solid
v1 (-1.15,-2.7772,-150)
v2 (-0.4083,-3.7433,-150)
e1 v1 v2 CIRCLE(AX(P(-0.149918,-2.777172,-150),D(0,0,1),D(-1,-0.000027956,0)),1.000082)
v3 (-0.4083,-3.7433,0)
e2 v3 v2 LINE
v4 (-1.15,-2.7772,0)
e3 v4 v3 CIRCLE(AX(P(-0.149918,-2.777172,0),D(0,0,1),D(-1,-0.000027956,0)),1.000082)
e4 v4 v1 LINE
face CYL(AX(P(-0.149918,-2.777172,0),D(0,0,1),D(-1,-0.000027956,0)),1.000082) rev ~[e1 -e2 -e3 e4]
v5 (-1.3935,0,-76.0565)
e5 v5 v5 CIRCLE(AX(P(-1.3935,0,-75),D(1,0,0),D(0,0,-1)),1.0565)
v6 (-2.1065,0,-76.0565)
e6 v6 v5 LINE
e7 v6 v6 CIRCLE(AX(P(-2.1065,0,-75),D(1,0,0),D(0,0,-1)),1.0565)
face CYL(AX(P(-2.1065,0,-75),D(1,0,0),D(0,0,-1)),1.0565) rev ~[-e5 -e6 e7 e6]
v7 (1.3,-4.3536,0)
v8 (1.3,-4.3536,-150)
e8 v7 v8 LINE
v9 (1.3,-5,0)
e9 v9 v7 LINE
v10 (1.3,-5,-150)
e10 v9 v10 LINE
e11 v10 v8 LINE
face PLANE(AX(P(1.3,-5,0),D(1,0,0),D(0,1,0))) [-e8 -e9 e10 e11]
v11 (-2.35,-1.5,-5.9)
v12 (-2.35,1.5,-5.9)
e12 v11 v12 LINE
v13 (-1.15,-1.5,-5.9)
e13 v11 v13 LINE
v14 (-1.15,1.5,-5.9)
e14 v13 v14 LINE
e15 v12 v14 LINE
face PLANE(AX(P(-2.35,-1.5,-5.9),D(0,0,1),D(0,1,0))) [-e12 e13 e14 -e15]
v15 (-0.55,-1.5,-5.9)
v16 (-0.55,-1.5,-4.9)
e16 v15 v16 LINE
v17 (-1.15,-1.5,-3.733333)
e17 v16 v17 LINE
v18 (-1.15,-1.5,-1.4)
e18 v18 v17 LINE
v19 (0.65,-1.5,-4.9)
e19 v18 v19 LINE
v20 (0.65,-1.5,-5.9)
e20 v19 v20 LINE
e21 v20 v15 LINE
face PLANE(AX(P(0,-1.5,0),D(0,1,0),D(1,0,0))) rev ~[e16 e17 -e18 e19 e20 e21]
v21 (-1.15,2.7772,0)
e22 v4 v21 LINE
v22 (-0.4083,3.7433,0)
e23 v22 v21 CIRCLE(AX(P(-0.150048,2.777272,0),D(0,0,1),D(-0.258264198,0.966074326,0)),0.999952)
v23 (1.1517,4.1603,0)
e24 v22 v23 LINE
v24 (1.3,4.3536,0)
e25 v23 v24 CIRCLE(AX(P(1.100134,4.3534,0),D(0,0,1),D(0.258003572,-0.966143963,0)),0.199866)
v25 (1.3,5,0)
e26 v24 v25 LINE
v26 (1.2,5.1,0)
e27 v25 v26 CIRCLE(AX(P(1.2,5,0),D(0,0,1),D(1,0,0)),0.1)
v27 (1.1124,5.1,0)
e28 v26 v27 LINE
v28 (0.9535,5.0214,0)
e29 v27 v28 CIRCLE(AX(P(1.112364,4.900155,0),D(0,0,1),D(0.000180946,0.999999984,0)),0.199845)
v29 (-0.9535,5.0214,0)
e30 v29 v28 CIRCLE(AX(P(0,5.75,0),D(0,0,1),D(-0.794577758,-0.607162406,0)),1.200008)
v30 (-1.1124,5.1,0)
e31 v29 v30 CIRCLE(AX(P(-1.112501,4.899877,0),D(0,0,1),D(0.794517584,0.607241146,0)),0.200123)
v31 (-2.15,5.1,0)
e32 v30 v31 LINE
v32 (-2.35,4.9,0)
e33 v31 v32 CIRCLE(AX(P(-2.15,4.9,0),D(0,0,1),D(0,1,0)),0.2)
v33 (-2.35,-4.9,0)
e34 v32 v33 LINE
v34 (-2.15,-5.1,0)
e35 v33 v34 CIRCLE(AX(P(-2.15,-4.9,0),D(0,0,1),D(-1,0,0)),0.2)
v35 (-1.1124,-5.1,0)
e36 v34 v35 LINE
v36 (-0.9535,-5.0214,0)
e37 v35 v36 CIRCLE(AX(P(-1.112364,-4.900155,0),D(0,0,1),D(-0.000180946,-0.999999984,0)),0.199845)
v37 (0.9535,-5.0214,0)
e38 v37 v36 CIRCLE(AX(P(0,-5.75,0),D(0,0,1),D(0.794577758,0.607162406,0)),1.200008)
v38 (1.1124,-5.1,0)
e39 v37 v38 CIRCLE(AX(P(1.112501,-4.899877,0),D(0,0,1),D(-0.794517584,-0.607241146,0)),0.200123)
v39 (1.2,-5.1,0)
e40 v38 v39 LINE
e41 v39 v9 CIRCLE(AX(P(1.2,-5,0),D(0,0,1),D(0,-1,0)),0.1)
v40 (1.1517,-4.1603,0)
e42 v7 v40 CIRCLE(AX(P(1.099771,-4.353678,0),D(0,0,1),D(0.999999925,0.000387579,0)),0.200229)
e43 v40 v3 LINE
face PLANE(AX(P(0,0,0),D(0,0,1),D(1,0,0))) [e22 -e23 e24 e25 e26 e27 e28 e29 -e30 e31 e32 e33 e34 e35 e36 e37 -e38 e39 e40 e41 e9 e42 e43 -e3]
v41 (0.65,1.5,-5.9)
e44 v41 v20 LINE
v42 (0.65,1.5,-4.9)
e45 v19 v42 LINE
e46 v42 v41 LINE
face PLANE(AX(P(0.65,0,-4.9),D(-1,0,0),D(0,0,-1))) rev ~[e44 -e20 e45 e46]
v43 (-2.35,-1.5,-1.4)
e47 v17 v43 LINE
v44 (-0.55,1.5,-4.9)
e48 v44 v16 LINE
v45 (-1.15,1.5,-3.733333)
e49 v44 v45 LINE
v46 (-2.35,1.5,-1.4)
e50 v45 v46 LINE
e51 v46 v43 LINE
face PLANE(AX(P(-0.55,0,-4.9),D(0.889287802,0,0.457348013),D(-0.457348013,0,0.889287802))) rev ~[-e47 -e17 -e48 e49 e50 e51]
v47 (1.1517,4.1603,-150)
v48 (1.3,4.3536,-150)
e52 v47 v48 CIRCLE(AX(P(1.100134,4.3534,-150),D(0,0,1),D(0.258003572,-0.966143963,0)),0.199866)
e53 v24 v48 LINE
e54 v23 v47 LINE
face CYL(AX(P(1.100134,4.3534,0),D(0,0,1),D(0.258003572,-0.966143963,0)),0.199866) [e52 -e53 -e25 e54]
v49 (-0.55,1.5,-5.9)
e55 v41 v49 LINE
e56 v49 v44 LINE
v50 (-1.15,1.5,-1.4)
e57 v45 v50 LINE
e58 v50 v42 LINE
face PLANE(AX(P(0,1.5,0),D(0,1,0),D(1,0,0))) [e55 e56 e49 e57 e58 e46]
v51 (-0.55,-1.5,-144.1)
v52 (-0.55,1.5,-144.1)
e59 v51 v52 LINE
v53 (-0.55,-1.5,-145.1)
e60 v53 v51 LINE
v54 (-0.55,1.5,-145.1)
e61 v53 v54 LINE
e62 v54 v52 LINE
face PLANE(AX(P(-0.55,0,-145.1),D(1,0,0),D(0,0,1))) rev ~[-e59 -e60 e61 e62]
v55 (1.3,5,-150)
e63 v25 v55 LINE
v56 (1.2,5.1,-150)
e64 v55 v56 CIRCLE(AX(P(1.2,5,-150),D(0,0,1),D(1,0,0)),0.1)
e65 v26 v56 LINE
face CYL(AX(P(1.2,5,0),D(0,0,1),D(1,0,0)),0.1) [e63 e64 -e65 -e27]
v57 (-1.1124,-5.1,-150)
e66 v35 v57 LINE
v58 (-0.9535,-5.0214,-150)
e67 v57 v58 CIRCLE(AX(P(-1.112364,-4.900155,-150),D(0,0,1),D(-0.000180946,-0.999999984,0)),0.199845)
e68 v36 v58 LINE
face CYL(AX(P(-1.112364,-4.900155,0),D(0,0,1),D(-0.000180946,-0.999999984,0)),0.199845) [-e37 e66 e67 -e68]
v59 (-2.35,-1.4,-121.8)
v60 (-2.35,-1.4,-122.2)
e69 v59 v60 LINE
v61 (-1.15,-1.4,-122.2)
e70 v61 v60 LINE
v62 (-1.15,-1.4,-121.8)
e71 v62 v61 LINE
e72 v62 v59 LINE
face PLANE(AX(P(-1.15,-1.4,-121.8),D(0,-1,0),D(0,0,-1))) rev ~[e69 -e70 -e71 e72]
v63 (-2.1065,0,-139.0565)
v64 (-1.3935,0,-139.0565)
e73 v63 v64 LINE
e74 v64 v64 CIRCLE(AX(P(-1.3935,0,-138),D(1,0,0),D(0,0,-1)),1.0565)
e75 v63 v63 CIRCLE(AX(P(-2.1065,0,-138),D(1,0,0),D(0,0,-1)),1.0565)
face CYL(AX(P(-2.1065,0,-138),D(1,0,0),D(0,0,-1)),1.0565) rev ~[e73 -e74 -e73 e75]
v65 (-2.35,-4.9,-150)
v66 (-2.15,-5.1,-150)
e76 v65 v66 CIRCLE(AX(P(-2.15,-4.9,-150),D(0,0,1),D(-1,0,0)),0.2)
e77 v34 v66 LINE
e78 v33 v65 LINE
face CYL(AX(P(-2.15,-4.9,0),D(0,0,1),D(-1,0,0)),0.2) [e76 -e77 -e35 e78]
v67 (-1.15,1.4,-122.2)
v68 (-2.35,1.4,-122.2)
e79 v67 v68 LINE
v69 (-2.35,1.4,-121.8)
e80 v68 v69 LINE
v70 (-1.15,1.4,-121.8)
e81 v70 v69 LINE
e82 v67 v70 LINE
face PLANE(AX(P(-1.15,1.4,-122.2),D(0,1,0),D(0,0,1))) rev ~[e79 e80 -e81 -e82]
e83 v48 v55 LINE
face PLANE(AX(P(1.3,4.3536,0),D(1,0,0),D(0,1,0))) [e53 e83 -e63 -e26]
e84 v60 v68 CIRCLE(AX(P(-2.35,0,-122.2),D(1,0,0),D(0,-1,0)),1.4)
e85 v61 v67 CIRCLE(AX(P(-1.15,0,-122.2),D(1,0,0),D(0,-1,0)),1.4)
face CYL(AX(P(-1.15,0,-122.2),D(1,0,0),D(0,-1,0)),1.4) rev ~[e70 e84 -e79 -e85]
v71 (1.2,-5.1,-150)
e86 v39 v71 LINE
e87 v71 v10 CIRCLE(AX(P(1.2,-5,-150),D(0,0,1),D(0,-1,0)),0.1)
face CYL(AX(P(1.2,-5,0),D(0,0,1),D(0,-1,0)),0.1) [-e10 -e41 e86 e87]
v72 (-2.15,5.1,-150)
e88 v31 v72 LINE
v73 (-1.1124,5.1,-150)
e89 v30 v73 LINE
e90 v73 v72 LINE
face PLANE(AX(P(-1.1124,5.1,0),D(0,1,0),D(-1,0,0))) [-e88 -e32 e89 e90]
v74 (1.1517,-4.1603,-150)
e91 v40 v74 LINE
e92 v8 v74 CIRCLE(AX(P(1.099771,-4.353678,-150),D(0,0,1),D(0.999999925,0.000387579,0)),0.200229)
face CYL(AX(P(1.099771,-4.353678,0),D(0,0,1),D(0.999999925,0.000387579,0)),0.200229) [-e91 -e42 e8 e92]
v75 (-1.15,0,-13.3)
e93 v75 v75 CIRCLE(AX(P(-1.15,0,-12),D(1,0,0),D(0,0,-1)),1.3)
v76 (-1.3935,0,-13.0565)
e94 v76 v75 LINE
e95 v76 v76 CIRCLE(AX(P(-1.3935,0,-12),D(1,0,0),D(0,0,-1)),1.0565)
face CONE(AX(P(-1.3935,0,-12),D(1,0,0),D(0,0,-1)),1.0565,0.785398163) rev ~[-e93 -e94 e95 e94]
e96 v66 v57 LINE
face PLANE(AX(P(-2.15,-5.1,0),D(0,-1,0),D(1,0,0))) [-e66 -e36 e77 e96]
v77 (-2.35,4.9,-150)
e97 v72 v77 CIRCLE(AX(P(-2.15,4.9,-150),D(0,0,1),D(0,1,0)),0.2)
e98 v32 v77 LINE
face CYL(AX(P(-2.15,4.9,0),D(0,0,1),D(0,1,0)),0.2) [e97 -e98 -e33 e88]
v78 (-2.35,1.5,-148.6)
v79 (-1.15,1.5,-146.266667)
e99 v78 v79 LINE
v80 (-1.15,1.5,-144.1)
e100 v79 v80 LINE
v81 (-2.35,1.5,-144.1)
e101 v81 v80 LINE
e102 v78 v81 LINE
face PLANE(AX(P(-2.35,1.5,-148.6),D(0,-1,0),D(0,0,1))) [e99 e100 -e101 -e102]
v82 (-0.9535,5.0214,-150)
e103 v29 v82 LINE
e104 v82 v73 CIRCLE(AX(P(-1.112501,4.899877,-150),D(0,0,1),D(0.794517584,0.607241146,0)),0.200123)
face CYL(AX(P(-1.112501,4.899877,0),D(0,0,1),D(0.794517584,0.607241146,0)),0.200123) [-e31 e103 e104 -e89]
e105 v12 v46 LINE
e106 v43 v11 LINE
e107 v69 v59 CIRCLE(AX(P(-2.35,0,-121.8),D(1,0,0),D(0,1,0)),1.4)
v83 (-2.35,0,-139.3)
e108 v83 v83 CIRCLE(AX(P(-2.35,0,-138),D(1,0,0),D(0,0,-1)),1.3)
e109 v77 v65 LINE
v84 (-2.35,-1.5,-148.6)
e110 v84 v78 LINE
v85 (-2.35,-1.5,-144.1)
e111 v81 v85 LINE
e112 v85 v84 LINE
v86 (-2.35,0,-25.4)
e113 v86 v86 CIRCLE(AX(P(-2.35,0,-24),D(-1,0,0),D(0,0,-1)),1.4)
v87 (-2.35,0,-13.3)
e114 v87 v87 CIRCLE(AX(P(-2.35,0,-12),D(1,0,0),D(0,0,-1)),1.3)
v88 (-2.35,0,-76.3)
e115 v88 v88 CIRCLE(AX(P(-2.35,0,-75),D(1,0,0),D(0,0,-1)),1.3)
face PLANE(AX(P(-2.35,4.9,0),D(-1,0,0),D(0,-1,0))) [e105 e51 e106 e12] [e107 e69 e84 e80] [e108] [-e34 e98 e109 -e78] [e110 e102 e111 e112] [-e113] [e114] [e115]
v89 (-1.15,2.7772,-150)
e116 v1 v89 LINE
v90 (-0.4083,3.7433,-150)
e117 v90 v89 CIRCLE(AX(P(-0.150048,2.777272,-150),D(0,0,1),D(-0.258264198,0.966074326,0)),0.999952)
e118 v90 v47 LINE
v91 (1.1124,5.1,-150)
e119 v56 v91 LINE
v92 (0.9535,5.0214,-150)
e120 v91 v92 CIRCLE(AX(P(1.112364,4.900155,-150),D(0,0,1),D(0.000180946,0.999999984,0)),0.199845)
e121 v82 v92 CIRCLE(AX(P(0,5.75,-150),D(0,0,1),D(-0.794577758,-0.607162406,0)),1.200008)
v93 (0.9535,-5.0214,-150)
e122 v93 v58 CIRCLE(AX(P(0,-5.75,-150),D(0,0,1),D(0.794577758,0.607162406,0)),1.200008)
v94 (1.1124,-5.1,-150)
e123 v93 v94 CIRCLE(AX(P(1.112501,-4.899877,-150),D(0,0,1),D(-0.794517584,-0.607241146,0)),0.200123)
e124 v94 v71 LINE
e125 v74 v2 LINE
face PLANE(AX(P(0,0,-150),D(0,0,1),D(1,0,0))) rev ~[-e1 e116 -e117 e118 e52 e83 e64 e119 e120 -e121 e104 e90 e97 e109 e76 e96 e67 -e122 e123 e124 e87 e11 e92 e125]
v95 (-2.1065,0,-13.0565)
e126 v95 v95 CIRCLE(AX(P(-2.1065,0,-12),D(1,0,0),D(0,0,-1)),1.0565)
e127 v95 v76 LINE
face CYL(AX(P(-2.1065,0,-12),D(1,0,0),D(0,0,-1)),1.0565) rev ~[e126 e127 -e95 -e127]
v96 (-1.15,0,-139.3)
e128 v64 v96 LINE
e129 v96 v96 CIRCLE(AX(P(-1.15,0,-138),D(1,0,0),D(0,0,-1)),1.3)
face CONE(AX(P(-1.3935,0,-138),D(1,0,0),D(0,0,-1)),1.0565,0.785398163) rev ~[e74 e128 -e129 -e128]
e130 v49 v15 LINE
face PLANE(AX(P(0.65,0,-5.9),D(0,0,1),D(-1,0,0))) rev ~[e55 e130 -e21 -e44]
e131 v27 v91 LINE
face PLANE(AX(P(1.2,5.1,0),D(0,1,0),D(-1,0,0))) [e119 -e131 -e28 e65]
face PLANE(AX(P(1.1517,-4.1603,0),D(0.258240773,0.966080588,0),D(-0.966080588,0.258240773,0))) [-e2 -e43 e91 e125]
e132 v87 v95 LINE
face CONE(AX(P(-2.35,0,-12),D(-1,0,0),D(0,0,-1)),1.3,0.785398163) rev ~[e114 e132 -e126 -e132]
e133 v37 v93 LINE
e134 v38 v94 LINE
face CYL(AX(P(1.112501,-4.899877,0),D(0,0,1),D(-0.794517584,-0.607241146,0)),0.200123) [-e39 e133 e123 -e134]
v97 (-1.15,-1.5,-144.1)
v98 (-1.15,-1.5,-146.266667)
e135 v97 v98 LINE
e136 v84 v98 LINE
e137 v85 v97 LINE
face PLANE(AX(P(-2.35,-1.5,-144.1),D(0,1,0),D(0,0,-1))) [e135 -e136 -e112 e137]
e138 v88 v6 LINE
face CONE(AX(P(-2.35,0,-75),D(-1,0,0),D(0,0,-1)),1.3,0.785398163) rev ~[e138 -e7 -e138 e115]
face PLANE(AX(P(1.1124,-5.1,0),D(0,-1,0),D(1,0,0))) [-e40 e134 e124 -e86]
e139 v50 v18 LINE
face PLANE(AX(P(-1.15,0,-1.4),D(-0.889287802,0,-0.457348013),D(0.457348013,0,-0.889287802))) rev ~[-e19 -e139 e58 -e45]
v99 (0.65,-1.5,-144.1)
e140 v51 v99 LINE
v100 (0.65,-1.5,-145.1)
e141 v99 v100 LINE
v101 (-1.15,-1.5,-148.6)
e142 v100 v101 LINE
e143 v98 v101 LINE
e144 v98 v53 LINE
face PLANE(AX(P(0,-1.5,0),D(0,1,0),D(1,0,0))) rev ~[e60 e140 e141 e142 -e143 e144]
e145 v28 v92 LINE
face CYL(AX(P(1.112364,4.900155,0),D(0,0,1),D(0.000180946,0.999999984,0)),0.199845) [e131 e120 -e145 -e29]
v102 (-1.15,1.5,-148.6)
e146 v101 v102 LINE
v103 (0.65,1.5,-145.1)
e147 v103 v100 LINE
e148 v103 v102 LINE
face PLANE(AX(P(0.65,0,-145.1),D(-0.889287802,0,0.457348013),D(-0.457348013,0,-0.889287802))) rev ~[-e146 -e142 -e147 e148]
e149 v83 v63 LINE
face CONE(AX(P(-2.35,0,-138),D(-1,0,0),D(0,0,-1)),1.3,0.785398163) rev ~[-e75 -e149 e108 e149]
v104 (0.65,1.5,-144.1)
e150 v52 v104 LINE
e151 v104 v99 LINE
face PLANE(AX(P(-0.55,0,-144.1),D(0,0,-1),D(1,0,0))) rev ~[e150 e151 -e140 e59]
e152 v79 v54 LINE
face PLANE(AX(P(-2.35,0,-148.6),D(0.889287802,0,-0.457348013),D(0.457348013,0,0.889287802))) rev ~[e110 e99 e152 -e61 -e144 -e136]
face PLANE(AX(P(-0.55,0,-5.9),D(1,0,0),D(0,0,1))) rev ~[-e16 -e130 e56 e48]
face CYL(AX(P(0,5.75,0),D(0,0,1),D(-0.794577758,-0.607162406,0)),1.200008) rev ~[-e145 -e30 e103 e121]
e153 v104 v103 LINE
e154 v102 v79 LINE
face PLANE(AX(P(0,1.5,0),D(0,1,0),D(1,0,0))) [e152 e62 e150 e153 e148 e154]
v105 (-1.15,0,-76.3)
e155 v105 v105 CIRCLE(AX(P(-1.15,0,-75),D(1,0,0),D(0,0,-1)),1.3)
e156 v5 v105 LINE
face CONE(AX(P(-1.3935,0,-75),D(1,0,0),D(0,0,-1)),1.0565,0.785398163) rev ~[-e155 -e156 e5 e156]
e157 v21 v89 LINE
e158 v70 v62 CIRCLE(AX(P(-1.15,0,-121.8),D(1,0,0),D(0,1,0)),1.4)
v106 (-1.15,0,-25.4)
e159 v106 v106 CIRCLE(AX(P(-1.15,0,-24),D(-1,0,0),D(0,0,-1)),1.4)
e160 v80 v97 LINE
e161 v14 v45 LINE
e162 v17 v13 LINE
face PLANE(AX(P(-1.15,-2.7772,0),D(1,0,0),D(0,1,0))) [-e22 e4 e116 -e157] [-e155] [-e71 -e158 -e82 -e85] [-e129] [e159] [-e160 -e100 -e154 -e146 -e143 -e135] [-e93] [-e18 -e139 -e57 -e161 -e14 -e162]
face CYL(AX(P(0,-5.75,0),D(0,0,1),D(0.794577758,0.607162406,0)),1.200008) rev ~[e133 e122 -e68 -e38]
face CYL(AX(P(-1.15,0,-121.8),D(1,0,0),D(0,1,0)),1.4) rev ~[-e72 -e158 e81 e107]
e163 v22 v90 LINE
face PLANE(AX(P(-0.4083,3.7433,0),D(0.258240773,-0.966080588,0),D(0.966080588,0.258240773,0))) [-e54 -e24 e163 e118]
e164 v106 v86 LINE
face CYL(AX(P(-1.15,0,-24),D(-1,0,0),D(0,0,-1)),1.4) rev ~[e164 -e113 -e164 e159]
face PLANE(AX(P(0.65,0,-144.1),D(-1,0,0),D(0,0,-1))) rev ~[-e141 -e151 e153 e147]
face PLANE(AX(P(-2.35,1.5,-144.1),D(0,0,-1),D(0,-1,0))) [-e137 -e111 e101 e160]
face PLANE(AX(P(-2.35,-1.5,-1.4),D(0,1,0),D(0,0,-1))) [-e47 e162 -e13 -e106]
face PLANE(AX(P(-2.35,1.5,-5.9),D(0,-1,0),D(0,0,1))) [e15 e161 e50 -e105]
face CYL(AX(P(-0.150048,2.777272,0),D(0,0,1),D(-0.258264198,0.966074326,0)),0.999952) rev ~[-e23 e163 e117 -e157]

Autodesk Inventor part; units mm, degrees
sketch "_____1" plane through (0, 0, 0) normal (0, 0, 1) x (1, 0, 0)
  line L0 (-2.35, 4.9) -> (-2.35, -4.9)
  arc A0 (-2.35, -4.9) -> (-2.15, -5.1) centre (-2.15, -4.9) ccw
  line L1 (-2.15, -5.1) -> (-1.1124, -5.1)
  arc A1 (-1.1124, -5.1) -> (-0.9535, -5.0214) centre (-1.1124, -4.9) ccw
  arc A2 (0.9535, -5.0214) -> (-0.9535, -5.0214) centre (0, -5.75) ccw
  arc A3 (0.9535, -5.0214) -> (1.1124, -5.1) centre (1.1124, -4.9) ccw
  line L2 (1.1124, -5.1) -> (1.2, -5.1)
  arc A4 (1.2, -5.1) -> (1.3, -5) centre (1.2, -5) ccw
  line L3 (1.3, -5) -> (1.3, -4.3536)
  arc A5 (1.3, -4.3536) -> (1.1517, -4.1603) centre (1.1, -4.3536) ccw
  line L4 (1.1517, -4.1603) -> (-0.4083, -3.7433)
  arc A6 (-1.15, -2.7772) -> (-0.4083, -3.7433) centre (-0.15, -2.7772) ccw
  line L5 (-1.15, -2.7772) -> (-1.15, 2.7772)
  arc A7 (-0.4083, 3.7433) -> (-1.15, 2.7772) centre (-0.15, 2.7772) ccw
  line L6 (-0.4083, 3.7433) -> (1.1517, 4.1603)
  arc A8 (1.1517, 4.1603) -> (1.3, 4.3536) centre (1.1, 4.3536) ccw
  line L7 (1.3, 4.3536) -> (1.3, 5)
  arc A9 (1.3, 5) -> (1.2, 5.1) centre (1.2, 5) ccw
  line L8 (1.2, 5.1) -> (1.1124, 5.1)
  arc A10 (1.1124, 5.1) -> (0.9535, 5.0214) centre (1.1124, 4.9) ccw
  arc A11 (-0.9535, 5.0214) -> (0.9535, 5.0214) centre (0, 5.75) ccw
  arc A12 (-0.9535, 5.0214) -> (-1.1124, 5.1) centre (-1.1124, 4.9) ccw
  line L9 (-1.1124, 5.1) -> (-2.15, 5.1)
  arc A13 (-2.15, 5.1) -> (-2.35, 4.9) centre (-2.15, 4.9) ccw
extrude "Extrusion1" add sketch "_____1" against normal blind 150
sketch "_____2" plane through (-2.35, 0, 0) normal (1, 0, 0) x (0, 0, -1)
  line L0 (1.4, 1.5) -> (1.4, -1.5)
  line L1 (1.4, -1.5) -> (5.9, -1.5)
  line L2 (5.9, -1.5) -> (5.9, 1.5)
  line L3 (5.9, 1.5) -> (1.4, 1.5)
extrude "Extrusion2" cut sketch "_____2" along normal blind 1.2
sketch "_____3" plane through (-2.35, 0, 0) normal (1, 0, 0) x (0, 0, -1)
  line L0 (144.1, 1.5) -> (144.1, -1.5)
  line L1 (144.1, -1.5) -> (148.6, -1.5)
  line L2 (148.6, -1.5) -> (148.6, 1.5)
  line L3 (148.6, 1.5) -> (144.1, 1.5)
extrude "Extrusion3" cut sketch "_____3" along normal blind 1.2
sketch "_____4" plane through (0, 0, 0) normal (0, 1, 0) x (1, 0, 0)
  line L0 (-2.35, 1.4) -> (-1.15, 1.4)
  line L1 (-1.15, 1.4) -> (0.65, 4.9)
  line L2 (0.65, 4.9) -> (0.65, 5.9)
  line L3 (0.65, 5.9) -> (-0.55, 5.9)
  line L4 (-0.55, 5.9) -> (-0.55, 4.9)
  line L5 (-0.55, 4.9) -> (-2.35, 1.4)
extrude "Extrusion4" add sketch "_____4" along normal mid plane 3
sketch "_____5" plane through (0, 0, 0) normal (0, 1, 0) x (1, 0, 0)
  line L0 (-2.35, 148.6) -> (-0.55, 145.1)
  line L1 (-0.55, 145.1) -> (-0.55, 144.1)
  line L2 (-0.55, 144.1) -> (0.65, 144.1)
  line L3 (0.65, 144.1) -> (0.65, 145.1)
  line L4 (0.65, 145.1) -> (-1.15, 148.6)
  line L5 (-1.15, 148.6) -> (-2.35, 148.6)
extrude "Extrusion5" add sketch "_____5" along normal mid plane 3
sketch "_____6" plane through (0, 0, 0) normal (0, 1, 0) x (1, 0, 0)
  line L0 (-1.15, 12) -> (-2.35, 12)
  line L1 (-2.35, 12) -> (-2.35, 13.3)
  line L2 (-2.35, 13.3) -> (-2.1065, 13.0565)
  line L3 (-2.1065, 13.0565) -> (-1.3935, 13.0565)
  line L4 (-1.3935, 13.0565) -> (-1.15, 13.3)
  line L5 (-1.15, 13.3) -> (-1.15, 12)
  line L6 (-1.15, 12) -> (-2.35, 12)
revolve "Revolution1" cut sketch "_____6" angle 360 about axis through (-1.15, 0, -12) along (1, 0, 0)
thread "Thread1" size "M2.6x0.45" class "6H" standard "ISO Metric profile" full length
pattern_linear "Rectangular Pattern1" count 2 spacing 126 along (0, 0, -1) of "Revolution1"
sketch "_____10" plane through (0, 0, 0) normal (0, 1, 0) x (1, 0, 0)
  line L0 (-1.15, 75) -> (-2.35, 75)
  line L1 (-2.35, 75) -> (-2.35, 76.3)
  line L2 (-2.35, 76.3) -> (-2.1065, 76.0565)
  line L3 (-2.1065, 76.0565) -> (-1.3935, 76.0565)
  line L4 (-1.3935, 76.0565) -> (-1.15, 76.3)
  line L5 (-1.15, 76.3) -> (-1.15, 75)
  line L6 (-1.15, 75) -> (-2.35, 75)
revolve "Revolution2" cut sketch "_____10" angle 360 about axis through (-1.15, 0, -75) along (1, 0, 0)
thread "Thread2" size "M2.6x0.45" class "6H" standard "ISO Metric profile" full length
sketch "Sketch8" plane through (-1.15, -2.7772, 0) normal (1, 0, 0) x (0, 0, -1)
  point P0 (24, 2.7772)
hole "Hole1" at (-1.15, 0, -24) direction (-1, 0, 0) diameter 2.8 depth 1.2
sketch "_____8" plane through (-1.15, 0, 0) normal (1, 0, 0) x (0, 0, -1)
  arc A0 (121.8, 1.4) -> (121.8, -1.4) centre (121.8, 0) ccw
  line L0 (121.8, -1.4) -> (122.2, -1.4)
  arc A1 (122.2, -1.4) -> (122.2, 1.4) centre (122.2, 0) ccw
  line L1 (122.2, 1.4) -> (121.8, 1.4)
extrude "Extrusion6" cut sketch "_____8" against normal blind 1.2
ref_plane "to_retainer_XY" through (0, 0, -150) normal (0, 0, -1) x (1, 0, 0)
ref_plane "to_retainer_YZ" through (0, 0, -150) normal (1, 0, 0) x (0, -1, 0)
ref_plane "to_retainer_ZX" through (0, 0, -150) normal (0, -1, 0) x (0, 0, -1)
properties part number "SSRC215_ir" material "ステンレス鋼"
